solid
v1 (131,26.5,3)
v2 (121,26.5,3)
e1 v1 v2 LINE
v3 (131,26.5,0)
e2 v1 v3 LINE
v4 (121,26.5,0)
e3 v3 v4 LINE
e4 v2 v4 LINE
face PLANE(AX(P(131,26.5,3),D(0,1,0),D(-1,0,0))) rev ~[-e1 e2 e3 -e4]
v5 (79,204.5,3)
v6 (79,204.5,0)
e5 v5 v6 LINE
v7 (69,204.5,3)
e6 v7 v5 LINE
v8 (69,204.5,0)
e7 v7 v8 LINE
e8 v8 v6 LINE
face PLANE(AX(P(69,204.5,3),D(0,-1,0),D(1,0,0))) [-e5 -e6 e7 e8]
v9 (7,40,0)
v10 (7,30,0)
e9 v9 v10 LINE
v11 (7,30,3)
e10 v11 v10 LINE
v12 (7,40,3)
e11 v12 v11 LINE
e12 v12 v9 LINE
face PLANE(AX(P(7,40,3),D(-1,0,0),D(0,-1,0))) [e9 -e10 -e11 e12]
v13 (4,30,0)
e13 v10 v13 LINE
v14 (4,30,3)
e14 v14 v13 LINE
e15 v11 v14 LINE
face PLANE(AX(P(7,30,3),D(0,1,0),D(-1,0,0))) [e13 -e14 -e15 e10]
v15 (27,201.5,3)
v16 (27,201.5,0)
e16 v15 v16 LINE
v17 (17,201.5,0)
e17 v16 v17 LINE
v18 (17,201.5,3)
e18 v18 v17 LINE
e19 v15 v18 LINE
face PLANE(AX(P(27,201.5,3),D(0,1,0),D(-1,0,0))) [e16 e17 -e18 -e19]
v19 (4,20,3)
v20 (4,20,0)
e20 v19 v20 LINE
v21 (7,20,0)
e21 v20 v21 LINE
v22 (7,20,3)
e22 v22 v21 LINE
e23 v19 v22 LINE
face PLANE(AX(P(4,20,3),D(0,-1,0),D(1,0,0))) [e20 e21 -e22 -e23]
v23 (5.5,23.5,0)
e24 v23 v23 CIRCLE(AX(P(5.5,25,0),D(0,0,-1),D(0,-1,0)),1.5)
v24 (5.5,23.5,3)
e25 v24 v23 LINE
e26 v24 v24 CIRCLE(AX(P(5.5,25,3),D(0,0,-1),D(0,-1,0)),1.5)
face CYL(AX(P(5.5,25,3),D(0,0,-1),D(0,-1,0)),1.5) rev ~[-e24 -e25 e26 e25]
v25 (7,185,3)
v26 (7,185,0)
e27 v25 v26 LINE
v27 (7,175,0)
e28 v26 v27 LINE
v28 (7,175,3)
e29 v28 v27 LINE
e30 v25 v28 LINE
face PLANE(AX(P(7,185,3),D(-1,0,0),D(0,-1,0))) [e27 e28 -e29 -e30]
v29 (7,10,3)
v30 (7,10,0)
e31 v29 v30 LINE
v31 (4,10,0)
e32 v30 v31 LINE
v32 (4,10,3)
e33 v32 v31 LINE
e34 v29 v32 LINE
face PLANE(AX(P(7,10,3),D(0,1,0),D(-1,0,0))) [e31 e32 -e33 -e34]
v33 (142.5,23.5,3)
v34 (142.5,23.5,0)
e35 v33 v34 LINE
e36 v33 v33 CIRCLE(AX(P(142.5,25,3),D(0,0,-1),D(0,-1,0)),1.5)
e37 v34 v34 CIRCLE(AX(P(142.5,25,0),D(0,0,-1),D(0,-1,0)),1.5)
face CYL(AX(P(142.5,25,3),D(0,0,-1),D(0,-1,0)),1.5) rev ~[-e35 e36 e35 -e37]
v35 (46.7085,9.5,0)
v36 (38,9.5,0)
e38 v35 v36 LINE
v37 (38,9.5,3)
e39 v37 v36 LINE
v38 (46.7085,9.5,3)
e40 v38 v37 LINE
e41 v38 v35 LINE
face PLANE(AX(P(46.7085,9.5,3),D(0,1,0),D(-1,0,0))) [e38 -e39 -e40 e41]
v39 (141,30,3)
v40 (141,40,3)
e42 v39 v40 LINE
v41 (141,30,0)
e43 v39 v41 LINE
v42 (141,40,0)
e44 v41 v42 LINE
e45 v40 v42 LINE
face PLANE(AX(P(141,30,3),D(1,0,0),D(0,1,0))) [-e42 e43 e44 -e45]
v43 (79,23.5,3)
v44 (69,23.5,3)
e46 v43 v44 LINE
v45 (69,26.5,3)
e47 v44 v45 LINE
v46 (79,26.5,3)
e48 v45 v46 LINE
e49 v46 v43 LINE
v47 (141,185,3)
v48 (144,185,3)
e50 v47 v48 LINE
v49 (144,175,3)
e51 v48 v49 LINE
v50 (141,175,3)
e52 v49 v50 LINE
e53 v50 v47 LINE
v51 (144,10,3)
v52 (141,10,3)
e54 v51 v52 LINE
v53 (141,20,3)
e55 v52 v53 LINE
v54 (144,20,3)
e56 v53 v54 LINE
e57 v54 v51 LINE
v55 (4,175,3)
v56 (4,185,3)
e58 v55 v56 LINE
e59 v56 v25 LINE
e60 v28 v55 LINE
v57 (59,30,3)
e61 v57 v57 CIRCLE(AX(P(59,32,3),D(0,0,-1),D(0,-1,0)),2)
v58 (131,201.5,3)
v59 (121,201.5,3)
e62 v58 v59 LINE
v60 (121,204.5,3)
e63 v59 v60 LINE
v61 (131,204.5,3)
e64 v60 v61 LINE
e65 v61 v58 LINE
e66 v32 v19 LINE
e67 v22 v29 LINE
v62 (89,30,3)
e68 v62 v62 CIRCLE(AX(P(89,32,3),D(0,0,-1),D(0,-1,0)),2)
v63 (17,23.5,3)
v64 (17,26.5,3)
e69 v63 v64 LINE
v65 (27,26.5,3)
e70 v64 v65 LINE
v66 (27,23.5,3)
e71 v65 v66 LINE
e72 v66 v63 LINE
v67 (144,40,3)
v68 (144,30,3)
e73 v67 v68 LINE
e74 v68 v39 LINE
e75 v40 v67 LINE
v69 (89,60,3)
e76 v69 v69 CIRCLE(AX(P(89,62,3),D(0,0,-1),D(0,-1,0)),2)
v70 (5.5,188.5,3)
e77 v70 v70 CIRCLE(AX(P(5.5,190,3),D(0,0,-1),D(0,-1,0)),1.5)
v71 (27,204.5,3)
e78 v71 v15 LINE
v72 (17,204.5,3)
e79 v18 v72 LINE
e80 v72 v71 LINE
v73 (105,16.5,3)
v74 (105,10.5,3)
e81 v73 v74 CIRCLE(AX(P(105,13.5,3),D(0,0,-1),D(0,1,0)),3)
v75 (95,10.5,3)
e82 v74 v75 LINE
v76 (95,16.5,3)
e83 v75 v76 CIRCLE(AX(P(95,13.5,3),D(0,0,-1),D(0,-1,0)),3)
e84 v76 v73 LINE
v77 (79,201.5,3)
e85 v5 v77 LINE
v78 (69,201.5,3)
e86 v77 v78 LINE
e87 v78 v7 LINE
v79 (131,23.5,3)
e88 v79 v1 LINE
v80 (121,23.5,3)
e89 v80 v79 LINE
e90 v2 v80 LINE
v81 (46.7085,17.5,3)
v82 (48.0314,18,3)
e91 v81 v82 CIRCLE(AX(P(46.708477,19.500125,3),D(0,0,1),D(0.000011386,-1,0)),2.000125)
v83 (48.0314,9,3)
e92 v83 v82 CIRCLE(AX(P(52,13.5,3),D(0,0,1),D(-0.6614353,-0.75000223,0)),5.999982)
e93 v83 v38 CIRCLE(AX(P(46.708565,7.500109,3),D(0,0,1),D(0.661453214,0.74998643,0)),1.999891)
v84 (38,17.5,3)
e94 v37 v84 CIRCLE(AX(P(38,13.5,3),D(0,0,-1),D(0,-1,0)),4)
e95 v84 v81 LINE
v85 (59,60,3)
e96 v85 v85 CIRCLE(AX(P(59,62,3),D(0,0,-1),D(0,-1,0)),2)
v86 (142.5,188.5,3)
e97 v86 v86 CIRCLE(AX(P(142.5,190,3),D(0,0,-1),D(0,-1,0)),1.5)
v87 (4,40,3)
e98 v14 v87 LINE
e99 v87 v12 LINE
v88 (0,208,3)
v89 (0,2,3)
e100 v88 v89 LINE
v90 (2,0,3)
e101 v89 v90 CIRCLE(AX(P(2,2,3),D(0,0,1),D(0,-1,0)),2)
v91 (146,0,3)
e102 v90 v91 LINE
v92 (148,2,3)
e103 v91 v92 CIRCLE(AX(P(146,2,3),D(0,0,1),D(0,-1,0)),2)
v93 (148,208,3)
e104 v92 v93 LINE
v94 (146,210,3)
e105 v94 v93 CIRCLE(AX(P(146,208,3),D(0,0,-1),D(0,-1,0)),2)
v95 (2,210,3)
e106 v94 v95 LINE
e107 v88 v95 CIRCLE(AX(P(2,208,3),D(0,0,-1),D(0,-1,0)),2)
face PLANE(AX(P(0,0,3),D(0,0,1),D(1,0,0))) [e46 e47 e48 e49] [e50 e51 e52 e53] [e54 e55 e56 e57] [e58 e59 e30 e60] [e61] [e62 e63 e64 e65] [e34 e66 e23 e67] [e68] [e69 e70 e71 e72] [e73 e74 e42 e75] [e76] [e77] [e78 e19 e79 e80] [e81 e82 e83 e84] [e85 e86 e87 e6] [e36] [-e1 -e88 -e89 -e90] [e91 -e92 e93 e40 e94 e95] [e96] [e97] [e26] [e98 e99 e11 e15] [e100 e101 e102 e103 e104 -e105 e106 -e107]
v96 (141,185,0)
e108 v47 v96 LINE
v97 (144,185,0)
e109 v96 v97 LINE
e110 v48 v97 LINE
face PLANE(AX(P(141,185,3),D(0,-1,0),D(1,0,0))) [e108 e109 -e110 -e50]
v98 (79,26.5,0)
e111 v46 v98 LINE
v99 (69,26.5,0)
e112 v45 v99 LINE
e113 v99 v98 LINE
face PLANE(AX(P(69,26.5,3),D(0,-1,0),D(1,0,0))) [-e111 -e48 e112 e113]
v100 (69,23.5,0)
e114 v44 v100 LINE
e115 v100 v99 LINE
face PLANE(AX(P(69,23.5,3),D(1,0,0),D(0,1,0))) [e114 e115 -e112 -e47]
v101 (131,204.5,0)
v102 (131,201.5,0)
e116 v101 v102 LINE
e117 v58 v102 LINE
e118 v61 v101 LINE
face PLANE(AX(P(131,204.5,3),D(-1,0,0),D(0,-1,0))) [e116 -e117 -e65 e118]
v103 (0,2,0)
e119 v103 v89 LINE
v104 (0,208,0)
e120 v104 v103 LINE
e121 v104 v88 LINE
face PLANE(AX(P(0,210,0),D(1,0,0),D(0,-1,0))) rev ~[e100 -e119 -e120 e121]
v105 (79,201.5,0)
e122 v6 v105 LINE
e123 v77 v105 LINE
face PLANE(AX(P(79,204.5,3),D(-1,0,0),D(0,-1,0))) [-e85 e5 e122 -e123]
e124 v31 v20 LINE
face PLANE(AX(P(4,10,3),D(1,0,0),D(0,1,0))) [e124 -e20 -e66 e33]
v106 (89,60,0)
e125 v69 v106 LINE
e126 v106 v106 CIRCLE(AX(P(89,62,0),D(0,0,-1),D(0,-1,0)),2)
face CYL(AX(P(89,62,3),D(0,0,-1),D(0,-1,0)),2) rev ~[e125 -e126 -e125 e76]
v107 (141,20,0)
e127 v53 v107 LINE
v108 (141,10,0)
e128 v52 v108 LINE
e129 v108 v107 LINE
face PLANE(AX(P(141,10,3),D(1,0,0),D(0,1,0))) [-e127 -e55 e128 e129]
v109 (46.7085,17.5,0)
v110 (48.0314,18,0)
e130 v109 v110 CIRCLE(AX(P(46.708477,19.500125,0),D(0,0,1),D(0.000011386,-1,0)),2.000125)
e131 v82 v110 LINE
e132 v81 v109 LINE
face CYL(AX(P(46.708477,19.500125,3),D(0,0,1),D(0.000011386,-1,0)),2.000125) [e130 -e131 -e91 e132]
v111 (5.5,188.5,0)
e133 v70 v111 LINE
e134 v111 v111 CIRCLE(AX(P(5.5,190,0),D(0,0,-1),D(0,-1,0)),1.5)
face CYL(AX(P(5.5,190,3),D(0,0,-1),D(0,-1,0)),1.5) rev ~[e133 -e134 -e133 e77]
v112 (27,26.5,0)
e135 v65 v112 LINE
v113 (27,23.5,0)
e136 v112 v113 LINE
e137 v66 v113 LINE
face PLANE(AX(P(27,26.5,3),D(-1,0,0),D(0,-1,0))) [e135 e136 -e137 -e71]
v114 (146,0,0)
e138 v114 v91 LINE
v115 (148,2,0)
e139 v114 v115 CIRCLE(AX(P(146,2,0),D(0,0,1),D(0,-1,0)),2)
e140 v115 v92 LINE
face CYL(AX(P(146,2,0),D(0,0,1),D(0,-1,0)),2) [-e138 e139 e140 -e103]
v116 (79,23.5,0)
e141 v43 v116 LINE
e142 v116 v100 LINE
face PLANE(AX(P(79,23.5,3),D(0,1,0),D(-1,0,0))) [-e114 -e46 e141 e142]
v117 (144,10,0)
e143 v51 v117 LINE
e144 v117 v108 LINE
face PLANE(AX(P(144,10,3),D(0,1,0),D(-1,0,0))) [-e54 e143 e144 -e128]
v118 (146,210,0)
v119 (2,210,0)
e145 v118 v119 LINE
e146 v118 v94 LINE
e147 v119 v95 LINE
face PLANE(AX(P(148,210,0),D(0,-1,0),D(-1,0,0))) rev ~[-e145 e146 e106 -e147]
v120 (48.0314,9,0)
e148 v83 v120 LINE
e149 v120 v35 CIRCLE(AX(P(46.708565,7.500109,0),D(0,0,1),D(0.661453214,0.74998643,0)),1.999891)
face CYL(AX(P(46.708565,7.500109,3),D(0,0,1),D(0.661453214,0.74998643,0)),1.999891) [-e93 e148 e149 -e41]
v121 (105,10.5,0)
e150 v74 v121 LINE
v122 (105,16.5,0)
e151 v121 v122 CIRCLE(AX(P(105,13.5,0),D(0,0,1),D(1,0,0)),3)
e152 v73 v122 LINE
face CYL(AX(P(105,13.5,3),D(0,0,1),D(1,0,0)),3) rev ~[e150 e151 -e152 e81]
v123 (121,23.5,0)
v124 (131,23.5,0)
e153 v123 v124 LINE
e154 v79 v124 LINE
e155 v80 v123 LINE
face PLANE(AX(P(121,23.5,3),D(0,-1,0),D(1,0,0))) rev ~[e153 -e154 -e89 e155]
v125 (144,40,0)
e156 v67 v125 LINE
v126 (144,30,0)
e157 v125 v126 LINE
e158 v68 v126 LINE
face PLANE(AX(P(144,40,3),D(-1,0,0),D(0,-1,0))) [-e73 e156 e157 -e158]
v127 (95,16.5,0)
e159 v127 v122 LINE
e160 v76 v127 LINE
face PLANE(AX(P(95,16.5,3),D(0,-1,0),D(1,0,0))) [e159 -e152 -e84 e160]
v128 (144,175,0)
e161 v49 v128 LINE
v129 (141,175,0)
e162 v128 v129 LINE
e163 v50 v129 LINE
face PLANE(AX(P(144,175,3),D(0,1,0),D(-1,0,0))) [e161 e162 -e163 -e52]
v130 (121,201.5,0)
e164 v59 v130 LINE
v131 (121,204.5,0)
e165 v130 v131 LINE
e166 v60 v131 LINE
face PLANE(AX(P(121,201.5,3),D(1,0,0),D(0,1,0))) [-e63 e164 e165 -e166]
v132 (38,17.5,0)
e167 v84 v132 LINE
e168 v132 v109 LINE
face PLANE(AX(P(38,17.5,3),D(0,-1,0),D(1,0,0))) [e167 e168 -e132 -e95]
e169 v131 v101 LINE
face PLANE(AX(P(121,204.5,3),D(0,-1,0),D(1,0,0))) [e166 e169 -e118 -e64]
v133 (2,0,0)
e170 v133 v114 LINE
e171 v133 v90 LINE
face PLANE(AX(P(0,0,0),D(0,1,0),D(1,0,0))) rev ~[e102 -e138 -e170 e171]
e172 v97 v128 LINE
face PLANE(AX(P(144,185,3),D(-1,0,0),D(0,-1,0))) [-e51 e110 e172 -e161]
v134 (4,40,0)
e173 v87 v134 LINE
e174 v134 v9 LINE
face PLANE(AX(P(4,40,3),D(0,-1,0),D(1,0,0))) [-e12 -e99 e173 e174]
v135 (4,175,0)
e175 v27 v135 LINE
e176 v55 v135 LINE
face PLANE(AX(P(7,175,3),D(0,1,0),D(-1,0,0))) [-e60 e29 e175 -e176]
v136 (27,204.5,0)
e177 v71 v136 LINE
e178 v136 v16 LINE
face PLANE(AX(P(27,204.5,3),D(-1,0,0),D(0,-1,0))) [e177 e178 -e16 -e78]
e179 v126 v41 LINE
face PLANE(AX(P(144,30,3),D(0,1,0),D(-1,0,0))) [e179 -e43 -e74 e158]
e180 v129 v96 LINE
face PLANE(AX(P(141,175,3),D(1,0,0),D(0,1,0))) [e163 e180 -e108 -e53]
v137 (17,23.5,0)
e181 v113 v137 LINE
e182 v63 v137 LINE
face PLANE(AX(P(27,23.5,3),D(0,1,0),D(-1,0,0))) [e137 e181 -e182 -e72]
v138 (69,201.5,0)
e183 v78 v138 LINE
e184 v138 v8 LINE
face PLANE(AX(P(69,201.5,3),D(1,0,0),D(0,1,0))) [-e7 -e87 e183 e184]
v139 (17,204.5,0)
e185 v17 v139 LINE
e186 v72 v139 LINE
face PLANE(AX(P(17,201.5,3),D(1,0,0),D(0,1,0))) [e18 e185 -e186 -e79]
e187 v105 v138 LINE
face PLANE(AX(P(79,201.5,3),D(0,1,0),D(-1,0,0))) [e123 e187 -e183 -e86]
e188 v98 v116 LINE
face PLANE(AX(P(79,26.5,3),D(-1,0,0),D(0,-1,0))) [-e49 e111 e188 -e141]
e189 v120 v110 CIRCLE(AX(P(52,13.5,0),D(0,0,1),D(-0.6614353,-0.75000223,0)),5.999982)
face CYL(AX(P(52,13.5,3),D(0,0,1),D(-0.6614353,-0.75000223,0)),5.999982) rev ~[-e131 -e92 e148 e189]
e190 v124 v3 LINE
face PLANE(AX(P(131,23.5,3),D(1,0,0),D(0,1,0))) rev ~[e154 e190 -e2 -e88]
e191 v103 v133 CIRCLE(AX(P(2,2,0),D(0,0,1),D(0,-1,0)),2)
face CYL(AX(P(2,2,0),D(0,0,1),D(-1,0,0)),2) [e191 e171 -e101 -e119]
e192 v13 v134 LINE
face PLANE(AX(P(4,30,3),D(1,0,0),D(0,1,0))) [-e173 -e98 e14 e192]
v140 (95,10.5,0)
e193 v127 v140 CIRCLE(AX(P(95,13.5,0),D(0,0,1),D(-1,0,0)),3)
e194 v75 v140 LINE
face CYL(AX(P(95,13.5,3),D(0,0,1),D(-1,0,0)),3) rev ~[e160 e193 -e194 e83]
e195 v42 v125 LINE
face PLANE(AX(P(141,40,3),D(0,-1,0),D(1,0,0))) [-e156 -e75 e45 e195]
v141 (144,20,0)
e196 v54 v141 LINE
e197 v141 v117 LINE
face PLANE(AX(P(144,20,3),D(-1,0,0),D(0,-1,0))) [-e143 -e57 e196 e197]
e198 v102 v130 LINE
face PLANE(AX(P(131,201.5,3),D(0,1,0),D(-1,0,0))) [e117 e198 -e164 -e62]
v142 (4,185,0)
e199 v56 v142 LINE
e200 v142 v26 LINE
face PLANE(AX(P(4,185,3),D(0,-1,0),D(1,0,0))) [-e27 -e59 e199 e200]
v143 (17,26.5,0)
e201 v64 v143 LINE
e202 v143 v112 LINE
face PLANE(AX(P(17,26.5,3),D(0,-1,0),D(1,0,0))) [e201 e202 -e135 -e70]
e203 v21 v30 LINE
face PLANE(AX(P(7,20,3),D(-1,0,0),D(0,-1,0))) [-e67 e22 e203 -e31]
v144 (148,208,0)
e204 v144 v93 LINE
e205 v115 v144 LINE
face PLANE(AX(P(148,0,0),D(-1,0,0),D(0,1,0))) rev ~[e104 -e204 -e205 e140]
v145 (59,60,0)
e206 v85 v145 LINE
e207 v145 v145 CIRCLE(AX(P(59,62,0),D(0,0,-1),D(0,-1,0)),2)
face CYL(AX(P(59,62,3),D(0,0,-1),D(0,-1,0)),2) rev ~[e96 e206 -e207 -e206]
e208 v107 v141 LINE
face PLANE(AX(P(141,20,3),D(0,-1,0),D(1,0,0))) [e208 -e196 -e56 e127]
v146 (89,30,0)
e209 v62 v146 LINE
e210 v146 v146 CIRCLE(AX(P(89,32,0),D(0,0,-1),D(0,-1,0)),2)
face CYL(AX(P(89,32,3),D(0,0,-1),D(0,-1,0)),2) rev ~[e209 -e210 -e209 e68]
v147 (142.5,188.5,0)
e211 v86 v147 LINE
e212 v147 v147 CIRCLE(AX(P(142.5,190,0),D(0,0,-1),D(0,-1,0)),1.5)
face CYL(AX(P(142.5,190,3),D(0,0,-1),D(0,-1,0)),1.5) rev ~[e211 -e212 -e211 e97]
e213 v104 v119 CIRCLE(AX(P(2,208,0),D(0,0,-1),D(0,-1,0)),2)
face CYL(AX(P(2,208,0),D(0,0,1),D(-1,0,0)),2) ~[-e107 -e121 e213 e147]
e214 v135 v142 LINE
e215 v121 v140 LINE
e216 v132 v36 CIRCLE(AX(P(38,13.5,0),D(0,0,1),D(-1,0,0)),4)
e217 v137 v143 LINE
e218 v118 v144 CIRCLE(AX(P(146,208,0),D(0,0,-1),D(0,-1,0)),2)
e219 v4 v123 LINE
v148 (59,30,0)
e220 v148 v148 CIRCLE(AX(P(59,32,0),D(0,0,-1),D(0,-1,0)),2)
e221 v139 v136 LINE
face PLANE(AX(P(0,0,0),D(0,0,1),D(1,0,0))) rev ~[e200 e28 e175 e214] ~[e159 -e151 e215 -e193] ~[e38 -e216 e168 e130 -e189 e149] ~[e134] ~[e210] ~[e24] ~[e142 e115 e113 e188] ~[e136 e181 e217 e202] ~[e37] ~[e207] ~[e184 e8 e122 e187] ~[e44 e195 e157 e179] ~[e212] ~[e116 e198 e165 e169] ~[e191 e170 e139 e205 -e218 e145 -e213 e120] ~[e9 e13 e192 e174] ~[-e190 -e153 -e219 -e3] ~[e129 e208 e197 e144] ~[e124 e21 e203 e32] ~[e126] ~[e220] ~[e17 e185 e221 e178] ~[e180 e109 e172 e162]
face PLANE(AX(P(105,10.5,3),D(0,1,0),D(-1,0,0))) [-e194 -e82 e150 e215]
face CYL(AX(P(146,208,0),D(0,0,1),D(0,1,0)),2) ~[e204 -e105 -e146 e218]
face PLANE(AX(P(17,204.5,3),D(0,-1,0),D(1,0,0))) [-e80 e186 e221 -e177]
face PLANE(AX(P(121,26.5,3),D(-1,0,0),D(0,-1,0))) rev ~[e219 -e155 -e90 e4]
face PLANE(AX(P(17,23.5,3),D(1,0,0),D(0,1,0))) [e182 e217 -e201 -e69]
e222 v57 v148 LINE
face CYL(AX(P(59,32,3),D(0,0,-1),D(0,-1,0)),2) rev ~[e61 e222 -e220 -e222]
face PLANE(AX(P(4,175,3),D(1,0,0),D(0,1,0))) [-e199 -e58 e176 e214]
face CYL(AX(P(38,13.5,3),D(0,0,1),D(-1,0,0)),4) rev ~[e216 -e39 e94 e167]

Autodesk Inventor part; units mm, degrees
ref_plane "YZ Plane" through (0, 0, 0) normal (1, 0, 0) x (0, 1, 0)
ref_plane "XZ Plane" through (0, 0, 0) normal (0, 1, 0) x (-1, 0, 0)
ref_plane "XY Plane" through (0, 0, 0) normal (0, 0, 1) x (1, 0, 0)
sketch "Sketch1" plane through (0, 0, 0) normal (0, 0, 1) x (1, 0, 0)
  line L0 (0, 0) -> (148, 0)
  line L1 (148, 0) -> (148, 210)
  line L2 (148, 210) -> (0, 210)
  line L3 (0, 210) -> (0, 0)
  dimension "d0" = 148
  dimension "d1" = 210
extrude "Extrusion1" add sketch "Sketch1" along normal blind 3
sketch "Sketch2" plane through (0, 0, 3) normal (0, 0, 1) x (1, 0, 0)
  line L0 (0, 0) -> (0, 210) projected
  line L1 (148, 0) -> (0, 0) projected
  line L2 (148, 210) -> (148, 0) projected
  line L3 (0, 210) -> (148, 210) projected
  line L4 (4, 185) -> (7, 185)
  line L5 (7, 185) -> (7, 175)
  line L6 (7, 175) -> (4, 175)
  line L7 (4, 175) -> (4, 185)
  line L8 (4, 40) -> (7, 40)
  line L9 (7, 40) -> (7, 30)
  line L10 (7, 30) -> (4, 30)
  line L11 (4, 30) -> (4, 40)
  line L12 (4, 20) -> (7, 20)
  line L13 (7, 20) -> (7, 10)
  line L14 (7, 10) -> (4, 10)
  line L15 (4, 10) -> (4, 20)
  line L16 (141, 185) -> (144, 185)
  line L17 (144, 185) -> (144, 175)
  line L18 (144, 175) -> (141, 175)
  line L19 (141, 175) -> (141, 185)
  line L20 (141, 40) -> (144, 40)
  line L21 (144, 40) -> (144, 30)
  line L22 (144, 30) -> (141, 30)
  line L23 (141, 30) -> (141, 40)
  line L24 (141, 20) -> (144, 20)
  line L25 (144, 20) -> (144, 10)
  line L26 (144, 10) -> (141, 10)
  line L27 (141, 10) -> (141, 20)
  dimension "d8" = 10
  dimension "d10" = 10
  dimension "d11" = 10
  dimension "d12" = 10
  dimension "d13" = 10
  dimension "d16" = 10
  dimension "d17" = 10
  dimension "d18" = 10
  dimension "d19" = 10
  dimension "d43" = 4
  dimension "d44" = 4
  dimension "d45" = 3
  dimension "d46" = 3
  dimension "d47" = 4
  dimension "d48" = 3
  dimension "d49" = 3
  dimension "d50" = 4
  dimension "d51" = 4
  dimension "d52" = 3
  dimension "d194" = 25
  dimension "d195" = 25
extrude "Extrusion2" cut sketch "Sketch2" against normal through all contours L4 L5 L6 L7 | L8 L9 L10 L11 | L12 L13 L14 L15 | L16 L17 L18 L19 | L20 L21 L22 L23 | L24 L25 L26 L27
sketch "Sketch3" plane through (0, 0, 3) normal (0, 0, 1) x (1, 0, 0)
  line L0 (7, 30) -> (4, 30) projected
  line L1 (7, 20) -> (7, 10) projected
  line L2 (0, 210) -> (148, 210) projected
  line L3 (7, 185) -> (7, 175) projected
  line L4 (141, 175) -> (141, 185) projected
  point P0 (5.5, 190)
  point P1 (142.5, 190)
  point P2 (5.5, 25)
  point P3 (142.5, 25)
  point P4 (141, 30)
  dimension "d24" = 5
  dimension "d54" = 1.5
  dimension "d189" = 1.5
  dimension "d192" = 20
  dimension "d193" = 20
  dimension "d196" = 1.5
  dimension "d197" = 1.5
hole "Hole1" at (5.5, 190, 3) at (142.5, 190, 3) at (5.5, 25, 3) at (142.5, 25, 3) direction (0, 0, -1) diameter 3 end through all
fillet "Fillet1" radius 2 4 edges at (0, 0, 1.5) (148, 0, 1.5) (0, 210, 1.5) (148, 210, 1.5)
sketch "Sketch4" plane through (0, 0, 3) normal (0, 0, 1) x (1, 0, 0)
  line L0 (7, 20) -> (7, 10) projected
  line L1 (141, 10) -> (141, 20) projected
  line L2 (146, 0) -> (2, 0) projected
  line L3 (17, 26.5) -> (27, 26.5)
  line L4 (27, 26.5) -> (27, 23.5)
  line L5 (27, 23.5) -> (17, 23.5)
  line L6 (17, 23.5) -> (17, 26.5)
  line L7 (121, 23.5) -> (131, 23.5)
  line L8 (131, 23.5) -> (131, 26.5)
  line L9 (131, 26.5) -> (121, 26.5)
  line L10 (121, 26.5) -> (121, 23.5)
  line L11 (2, 210) -> (146, 210) projected
  line L12 (17, 204.5) -> (27, 204.5)
  line L13 (27, 204.5) -> (27, 201.5)
  line L14 (27, 201.5) -> (17, 201.5)
  line L15 (17, 201.5) -> (17, 204.5)
  line L16 (121, 204.5) -> (131, 204.5)
  line L17 (131, 204.5) -> (131, 201.5)
  line L18 (131, 201.5) -> (121, 201.5)
  line L19 (121, 201.5) -> (121, 204.5)
  line L20 (69, 26.5) -> (79, 26.5)
  line L21 (79, 26.5) -> (79, 23.5)
  line L22 (79, 23.5) -> (69, 23.5)
  line L23 (69, 23.5) -> (69, 26.5)
  line L24 (69, 204.5) -> (79, 204.5)
  line L25 (79, 204.5) -> (79, 201.5)
  line L26 (79, 201.5) -> (69, 201.5)
  line L27 (69, 201.5) -> (69, 204.5)
  line L28 (7, 185) -> (7, 175) projected
  line L29 (141, 175) -> (141, 185) projected
  dimension "d33" = 10
  dimension "d34" = 23.5
  dimension "d35" = 3
  dimension "d36" = 10
  dimension "d37" = 3
  dimension "d39" = 10
  dimension "d40" = 10
  dimension "d82" = 10
  dimension "d83" = 3
  dimension "d84" = 5.5
  dimension "d85" = 10
  dimension "d86" = 42
  dimension "d89" = 10
  dimension "d90" = 10
  dimension "d91" = 42
  dimension "d92" = 5.5
  dimension "d93" = 3
  dimension "d198" = 10
  dimension "d199" = 10
extrude "Extrusion3" cut sketch "Sketch4" against normal through all
sketch "草圖15" plane through (0, 0, 3) normal (0, 0, 1) x (1, 0, 0)
  line L0 (0, 2) -> (0, 208) projected
  line L1 (146, 0) -> (2, 0) projected
  line L2 (148, 208) -> (148, 2) projected
  line L3 (95, 16.5) -> (105, 16.5)
  line L4 (108, 13.5) -> (108, 13.5)
  line L5 (105, 10.5) -> (95, 10.5)
  line L6 (92, 13.5) -> (92, 13.5)
  arc A0 (108, 13.5) -> (105, 16.5) centre (105, 13.5) ccw
  arc A1 (105, 10.5) -> (108, 13.5) centre (105, 13.5) ccw
  arc A2 (92, 13.5) -> (95, 10.5) centre (95, 13.5) ccw
  arc A3 (95, 16.5) -> (92, 13.5) centre (95, 13.5) ccw
  arc A4 (48.0314, 9) -> (48.0314, 18) centre (52, 13.5) ccw
  line L7 (38, 17.5) -> (46.7085, 17.5)
  line L8 (46.7085, 9.5) -> (38, 9.5)
  line L9 (34, 13.5) -> (34, 13.5)
  arc A5 (38, 17.5) -> (34, 13.5) centre (38, 13.5) ccw
  arc A6 (34, 13.5) -> (38, 9.5) centre (38, 13.5) ccw
  arc A7 (46.7085, 17.5) -> (48.0314, 18) centre (46.7085, 19.5) ccw
  arc A8 (48.0314, 9) -> (46.7085, 9.5) centre (46.7085, 7.5) ccw
  point P0 (0, 0)
  point P1 (92, 16.5)
  point P2 (108, 16.5)
  point P3 (92, 10.5)
  point P4 (34, 17.5)
  point P5 (34, 9.5)
  point P6 (47.5279, 17.5)
  point P7 (47.5279, 9.5)
  dimension "d159" = 16
  dimension "d161" = 6
  dimension "d163" = 40
  dimension "d164" = 3
  dimension "d165" = 12
  dimension "d166" = 13.5
  dimension "d167" = 13.5
  dimension "d168" = 52
  dimension "d169" = 8
  dimension "d173" = 4
  dimension "d174" = 2
extrude "擠出8" cut sketch "草圖15" against normal through all
sketch "草圖16" plane through (0, 0, 3) normal (0, 0, 1) x (1, 0, 0)
  line L0 (0, 2) -> (0, 208) projected
  line L1 (146, 0) -> (2, 0) projected
  point P0 (0, 0)
  point P1 (59, 32)
  point P2 (89, 32)
  point P3 (59, 62)
  point P4 (89, 62)
  dimension "d177" = 32
  dimension "d178" = 30
  dimension "d180" = 59
  dimension "d181" = 30
hole "孔7" at (59, 32, 3) at (89, 32, 3) at (59, 62, 3) at (89, 62, 3) direction (0, 0, -1) diameter 4 end through all
properties part number "plastic_part_1"
